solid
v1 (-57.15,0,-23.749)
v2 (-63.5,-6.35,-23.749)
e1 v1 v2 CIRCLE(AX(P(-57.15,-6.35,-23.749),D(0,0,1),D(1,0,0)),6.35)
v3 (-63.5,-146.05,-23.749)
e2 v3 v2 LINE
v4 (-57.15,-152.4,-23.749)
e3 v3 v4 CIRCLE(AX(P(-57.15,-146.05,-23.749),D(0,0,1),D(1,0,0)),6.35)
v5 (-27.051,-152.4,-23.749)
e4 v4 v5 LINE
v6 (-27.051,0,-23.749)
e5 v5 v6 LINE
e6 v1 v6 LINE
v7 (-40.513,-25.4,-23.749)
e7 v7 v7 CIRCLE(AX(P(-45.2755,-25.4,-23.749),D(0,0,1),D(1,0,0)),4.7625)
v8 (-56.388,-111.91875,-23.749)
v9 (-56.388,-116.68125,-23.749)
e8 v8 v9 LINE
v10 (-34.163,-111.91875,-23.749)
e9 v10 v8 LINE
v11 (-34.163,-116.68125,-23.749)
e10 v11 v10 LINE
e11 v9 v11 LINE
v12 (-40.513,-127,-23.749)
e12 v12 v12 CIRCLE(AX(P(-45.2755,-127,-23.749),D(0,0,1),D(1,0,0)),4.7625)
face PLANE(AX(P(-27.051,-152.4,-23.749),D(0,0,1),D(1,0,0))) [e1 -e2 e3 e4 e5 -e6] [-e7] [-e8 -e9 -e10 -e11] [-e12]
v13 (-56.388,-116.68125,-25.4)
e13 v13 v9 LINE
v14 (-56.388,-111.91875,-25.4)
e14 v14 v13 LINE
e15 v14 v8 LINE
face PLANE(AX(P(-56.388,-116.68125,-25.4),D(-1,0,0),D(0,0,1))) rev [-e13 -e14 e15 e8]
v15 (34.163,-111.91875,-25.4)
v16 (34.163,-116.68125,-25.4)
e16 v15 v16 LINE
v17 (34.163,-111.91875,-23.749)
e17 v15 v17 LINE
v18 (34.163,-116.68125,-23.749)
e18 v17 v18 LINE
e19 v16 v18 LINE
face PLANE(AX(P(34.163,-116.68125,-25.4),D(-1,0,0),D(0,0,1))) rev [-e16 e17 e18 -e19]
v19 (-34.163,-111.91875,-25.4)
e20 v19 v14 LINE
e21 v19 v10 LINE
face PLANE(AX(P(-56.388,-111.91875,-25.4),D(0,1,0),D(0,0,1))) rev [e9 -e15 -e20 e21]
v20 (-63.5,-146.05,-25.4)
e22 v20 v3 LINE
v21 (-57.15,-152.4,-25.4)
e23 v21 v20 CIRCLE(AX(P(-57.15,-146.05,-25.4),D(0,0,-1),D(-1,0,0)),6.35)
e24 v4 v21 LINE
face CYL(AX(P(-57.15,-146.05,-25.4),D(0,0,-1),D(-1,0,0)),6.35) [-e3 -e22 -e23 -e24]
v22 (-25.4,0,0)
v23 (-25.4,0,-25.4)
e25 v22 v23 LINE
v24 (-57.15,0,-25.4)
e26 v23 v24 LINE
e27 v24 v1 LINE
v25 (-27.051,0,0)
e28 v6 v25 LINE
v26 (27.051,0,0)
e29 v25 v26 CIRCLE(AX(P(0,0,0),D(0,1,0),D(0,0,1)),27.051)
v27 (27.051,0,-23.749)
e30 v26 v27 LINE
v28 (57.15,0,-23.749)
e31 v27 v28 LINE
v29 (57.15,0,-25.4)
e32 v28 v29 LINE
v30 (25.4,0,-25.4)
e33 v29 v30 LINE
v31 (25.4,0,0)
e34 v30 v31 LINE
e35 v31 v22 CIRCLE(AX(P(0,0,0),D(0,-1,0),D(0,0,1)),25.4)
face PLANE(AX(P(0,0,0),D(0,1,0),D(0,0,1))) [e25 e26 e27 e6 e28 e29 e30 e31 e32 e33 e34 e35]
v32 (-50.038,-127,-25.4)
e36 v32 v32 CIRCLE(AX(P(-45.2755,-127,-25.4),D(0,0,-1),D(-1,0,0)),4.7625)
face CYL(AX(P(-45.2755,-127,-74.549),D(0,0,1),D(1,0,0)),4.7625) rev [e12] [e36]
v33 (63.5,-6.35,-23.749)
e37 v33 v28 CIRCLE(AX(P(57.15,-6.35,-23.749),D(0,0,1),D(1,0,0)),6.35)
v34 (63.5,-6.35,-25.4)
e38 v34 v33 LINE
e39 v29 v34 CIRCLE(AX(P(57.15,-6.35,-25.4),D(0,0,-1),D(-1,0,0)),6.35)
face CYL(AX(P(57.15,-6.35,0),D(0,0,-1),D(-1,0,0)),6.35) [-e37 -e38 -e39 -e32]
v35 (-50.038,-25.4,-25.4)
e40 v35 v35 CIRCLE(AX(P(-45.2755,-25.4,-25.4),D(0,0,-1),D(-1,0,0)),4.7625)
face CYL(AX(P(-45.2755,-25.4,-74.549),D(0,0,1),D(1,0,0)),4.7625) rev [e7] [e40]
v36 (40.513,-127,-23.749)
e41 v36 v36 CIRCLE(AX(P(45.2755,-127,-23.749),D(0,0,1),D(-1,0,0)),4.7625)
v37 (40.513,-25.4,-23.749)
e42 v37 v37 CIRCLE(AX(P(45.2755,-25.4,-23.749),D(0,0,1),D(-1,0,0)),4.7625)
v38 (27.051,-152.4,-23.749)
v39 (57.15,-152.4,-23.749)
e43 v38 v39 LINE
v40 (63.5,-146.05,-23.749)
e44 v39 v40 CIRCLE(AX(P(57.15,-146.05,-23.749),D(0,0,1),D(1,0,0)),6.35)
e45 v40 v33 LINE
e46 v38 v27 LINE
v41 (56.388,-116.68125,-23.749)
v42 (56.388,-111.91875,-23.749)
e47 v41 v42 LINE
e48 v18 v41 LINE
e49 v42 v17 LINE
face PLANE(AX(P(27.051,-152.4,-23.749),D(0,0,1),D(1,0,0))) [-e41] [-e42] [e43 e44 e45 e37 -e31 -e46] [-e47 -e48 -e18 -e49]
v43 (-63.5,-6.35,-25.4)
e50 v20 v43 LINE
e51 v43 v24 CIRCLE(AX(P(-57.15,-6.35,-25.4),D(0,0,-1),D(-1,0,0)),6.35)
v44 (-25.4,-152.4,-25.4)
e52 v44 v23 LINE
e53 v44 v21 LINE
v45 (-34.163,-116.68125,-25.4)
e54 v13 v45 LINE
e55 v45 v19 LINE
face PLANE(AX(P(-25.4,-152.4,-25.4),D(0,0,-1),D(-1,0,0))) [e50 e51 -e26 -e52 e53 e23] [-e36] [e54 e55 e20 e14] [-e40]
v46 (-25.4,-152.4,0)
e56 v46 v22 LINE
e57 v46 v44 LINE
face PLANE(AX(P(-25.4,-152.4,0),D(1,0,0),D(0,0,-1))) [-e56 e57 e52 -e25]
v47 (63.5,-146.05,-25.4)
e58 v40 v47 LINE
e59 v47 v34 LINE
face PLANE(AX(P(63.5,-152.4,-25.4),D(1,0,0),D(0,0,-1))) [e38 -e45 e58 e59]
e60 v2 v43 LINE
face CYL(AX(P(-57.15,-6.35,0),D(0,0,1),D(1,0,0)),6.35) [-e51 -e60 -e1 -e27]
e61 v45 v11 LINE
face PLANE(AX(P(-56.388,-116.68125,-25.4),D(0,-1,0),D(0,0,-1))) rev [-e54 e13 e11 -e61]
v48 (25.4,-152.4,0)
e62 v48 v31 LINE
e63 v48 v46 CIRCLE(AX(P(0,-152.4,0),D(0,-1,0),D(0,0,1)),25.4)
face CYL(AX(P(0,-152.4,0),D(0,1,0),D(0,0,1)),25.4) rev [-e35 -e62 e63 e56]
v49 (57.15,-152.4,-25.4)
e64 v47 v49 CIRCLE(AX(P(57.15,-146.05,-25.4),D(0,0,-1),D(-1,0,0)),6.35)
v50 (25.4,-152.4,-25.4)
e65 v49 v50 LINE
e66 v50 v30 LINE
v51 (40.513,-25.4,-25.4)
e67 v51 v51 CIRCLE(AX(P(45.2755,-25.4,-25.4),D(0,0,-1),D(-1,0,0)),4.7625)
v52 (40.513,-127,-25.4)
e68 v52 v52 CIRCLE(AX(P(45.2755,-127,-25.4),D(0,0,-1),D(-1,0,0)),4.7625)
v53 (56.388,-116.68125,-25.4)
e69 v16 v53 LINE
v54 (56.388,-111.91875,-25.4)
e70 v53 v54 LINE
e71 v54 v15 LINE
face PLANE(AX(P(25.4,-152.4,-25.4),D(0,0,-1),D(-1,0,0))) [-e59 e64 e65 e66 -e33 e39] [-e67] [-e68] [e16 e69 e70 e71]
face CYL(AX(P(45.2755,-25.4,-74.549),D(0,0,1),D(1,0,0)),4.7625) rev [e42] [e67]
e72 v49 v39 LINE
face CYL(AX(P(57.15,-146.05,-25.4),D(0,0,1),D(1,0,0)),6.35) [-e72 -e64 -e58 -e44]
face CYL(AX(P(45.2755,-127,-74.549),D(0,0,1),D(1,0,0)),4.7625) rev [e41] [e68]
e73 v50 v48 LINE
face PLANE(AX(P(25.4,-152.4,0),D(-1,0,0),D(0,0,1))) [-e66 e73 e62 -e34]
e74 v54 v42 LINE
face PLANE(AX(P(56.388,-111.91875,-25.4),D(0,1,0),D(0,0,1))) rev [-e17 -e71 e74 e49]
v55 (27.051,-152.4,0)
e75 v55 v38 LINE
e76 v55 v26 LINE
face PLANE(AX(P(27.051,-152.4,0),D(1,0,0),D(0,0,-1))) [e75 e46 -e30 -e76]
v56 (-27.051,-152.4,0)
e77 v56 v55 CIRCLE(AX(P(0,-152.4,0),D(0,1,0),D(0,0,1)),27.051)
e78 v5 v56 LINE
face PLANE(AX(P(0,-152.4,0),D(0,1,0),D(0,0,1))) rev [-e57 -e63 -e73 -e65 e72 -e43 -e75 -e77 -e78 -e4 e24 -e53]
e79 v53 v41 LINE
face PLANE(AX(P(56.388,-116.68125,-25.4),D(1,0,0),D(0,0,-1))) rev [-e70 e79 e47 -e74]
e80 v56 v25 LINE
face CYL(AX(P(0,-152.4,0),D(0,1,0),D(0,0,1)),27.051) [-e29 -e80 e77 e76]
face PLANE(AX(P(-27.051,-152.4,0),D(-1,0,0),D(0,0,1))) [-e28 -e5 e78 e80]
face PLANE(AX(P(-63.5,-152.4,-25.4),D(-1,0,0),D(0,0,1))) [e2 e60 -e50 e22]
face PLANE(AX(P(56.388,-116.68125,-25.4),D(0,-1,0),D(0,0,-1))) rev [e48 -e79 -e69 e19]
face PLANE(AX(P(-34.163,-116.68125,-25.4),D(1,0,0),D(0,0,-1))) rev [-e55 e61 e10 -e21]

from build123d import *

# Parameters (mm, degrees)
BOSS_EXTRUDE1_DEPTH = 152.4
SKETCH2_R           = 4.7625
CUT_EXTRUDE1_DEPTH  = 50.8
FILLET1_R           = 6.35
SKETCH3_W           = 22.225
SKETCH3_H           = 4.7625
CUT_EXTRUDE3_DEPTH  = 2.651


with BuildPart() as part:
    # Sketch1 → Boss-Extrude1 (new body)
    with BuildSketch(Plane(origin=(0, 0, 0), x_dir=(1, 0, 0), z_dir=(0, 1, 0))):
        with BuildLine():
            Line((-27.051, 0), (-27.051, 23.749))
            Line((-27.051, 23.749), (-63.5, 23.749))
            Line((-63.5, 23.749), (-63.5, 25.4))
            Line((-63.5, 25.4), (-25.4, 25.4))
            Line((-25.4, 25.4), (-25.4, 0))
            ThreePointArc((-25.4, 0), (0, -25.4), (25.4, 0))
            Line((25.4, 0), (25.4, 25.4))
            Line((25.4, 25.4), (63.5, 25.4))
            Line((63.5, 25.4), (63.5, 23.749))
            Line((63.5, 23.749), (27.051, 23.749))
            Line((27.051, 23.749), (27.051, 0))
            ThreePointArc((27.051, 0), (0, -27.051), (-27.051, 0))
        make_face()
    extrude(amount=-BOSS_EXTRUDE1_DEPTH)

    # Sketch2 → Cut-Extrude1 (cut)
    with BuildSketch(Plane.XY.offset(-23.749)):
        with Locations((-45.2755, -25.4)):
            Circle(SKETCH2_R)
        with Locations((45.2755, -25.4)):
            Circle(SKETCH2_R)
        with Locations((-45.2755, -127)):
            Circle(SKETCH2_R)
        with Locations((45.2755, -127)):
            Circle(SKETCH2_R)
    extrude(amount=-CUT_EXTRUDE1_DEPTH, mode=Mode.SUBTRACT)

    # Fillet1
    fillet1_edges = [part.edges().sort_by_distance(p)[0] for p in [
        (63.5, 0, -24.5745),
        (-63.5, 0, -24.5745),
        (-63.5, -152.4, -24.5745),
        (63.5, -152.4, -24.5745),
    ]]
    fillet(fillet1_edges, radius=FILLET1_R)

    # Sketch3 → Cut-Extrude3 (cut, through all)
    with BuildSketch(Plane.XY.offset(-23.749)):
        with Locations((45.2755, -114.3)):
            Rectangle(SKETCH3_W, SKETCH3_H)
        with Locations((-45.2755, -114.3)):
            Rectangle(SKETCH3_W, SKETCH3_H)
    extrude(amount=-CUT_EXTRUDE3_DEPTH, mode=Mode.SUBTRACT)


solid = part.part
